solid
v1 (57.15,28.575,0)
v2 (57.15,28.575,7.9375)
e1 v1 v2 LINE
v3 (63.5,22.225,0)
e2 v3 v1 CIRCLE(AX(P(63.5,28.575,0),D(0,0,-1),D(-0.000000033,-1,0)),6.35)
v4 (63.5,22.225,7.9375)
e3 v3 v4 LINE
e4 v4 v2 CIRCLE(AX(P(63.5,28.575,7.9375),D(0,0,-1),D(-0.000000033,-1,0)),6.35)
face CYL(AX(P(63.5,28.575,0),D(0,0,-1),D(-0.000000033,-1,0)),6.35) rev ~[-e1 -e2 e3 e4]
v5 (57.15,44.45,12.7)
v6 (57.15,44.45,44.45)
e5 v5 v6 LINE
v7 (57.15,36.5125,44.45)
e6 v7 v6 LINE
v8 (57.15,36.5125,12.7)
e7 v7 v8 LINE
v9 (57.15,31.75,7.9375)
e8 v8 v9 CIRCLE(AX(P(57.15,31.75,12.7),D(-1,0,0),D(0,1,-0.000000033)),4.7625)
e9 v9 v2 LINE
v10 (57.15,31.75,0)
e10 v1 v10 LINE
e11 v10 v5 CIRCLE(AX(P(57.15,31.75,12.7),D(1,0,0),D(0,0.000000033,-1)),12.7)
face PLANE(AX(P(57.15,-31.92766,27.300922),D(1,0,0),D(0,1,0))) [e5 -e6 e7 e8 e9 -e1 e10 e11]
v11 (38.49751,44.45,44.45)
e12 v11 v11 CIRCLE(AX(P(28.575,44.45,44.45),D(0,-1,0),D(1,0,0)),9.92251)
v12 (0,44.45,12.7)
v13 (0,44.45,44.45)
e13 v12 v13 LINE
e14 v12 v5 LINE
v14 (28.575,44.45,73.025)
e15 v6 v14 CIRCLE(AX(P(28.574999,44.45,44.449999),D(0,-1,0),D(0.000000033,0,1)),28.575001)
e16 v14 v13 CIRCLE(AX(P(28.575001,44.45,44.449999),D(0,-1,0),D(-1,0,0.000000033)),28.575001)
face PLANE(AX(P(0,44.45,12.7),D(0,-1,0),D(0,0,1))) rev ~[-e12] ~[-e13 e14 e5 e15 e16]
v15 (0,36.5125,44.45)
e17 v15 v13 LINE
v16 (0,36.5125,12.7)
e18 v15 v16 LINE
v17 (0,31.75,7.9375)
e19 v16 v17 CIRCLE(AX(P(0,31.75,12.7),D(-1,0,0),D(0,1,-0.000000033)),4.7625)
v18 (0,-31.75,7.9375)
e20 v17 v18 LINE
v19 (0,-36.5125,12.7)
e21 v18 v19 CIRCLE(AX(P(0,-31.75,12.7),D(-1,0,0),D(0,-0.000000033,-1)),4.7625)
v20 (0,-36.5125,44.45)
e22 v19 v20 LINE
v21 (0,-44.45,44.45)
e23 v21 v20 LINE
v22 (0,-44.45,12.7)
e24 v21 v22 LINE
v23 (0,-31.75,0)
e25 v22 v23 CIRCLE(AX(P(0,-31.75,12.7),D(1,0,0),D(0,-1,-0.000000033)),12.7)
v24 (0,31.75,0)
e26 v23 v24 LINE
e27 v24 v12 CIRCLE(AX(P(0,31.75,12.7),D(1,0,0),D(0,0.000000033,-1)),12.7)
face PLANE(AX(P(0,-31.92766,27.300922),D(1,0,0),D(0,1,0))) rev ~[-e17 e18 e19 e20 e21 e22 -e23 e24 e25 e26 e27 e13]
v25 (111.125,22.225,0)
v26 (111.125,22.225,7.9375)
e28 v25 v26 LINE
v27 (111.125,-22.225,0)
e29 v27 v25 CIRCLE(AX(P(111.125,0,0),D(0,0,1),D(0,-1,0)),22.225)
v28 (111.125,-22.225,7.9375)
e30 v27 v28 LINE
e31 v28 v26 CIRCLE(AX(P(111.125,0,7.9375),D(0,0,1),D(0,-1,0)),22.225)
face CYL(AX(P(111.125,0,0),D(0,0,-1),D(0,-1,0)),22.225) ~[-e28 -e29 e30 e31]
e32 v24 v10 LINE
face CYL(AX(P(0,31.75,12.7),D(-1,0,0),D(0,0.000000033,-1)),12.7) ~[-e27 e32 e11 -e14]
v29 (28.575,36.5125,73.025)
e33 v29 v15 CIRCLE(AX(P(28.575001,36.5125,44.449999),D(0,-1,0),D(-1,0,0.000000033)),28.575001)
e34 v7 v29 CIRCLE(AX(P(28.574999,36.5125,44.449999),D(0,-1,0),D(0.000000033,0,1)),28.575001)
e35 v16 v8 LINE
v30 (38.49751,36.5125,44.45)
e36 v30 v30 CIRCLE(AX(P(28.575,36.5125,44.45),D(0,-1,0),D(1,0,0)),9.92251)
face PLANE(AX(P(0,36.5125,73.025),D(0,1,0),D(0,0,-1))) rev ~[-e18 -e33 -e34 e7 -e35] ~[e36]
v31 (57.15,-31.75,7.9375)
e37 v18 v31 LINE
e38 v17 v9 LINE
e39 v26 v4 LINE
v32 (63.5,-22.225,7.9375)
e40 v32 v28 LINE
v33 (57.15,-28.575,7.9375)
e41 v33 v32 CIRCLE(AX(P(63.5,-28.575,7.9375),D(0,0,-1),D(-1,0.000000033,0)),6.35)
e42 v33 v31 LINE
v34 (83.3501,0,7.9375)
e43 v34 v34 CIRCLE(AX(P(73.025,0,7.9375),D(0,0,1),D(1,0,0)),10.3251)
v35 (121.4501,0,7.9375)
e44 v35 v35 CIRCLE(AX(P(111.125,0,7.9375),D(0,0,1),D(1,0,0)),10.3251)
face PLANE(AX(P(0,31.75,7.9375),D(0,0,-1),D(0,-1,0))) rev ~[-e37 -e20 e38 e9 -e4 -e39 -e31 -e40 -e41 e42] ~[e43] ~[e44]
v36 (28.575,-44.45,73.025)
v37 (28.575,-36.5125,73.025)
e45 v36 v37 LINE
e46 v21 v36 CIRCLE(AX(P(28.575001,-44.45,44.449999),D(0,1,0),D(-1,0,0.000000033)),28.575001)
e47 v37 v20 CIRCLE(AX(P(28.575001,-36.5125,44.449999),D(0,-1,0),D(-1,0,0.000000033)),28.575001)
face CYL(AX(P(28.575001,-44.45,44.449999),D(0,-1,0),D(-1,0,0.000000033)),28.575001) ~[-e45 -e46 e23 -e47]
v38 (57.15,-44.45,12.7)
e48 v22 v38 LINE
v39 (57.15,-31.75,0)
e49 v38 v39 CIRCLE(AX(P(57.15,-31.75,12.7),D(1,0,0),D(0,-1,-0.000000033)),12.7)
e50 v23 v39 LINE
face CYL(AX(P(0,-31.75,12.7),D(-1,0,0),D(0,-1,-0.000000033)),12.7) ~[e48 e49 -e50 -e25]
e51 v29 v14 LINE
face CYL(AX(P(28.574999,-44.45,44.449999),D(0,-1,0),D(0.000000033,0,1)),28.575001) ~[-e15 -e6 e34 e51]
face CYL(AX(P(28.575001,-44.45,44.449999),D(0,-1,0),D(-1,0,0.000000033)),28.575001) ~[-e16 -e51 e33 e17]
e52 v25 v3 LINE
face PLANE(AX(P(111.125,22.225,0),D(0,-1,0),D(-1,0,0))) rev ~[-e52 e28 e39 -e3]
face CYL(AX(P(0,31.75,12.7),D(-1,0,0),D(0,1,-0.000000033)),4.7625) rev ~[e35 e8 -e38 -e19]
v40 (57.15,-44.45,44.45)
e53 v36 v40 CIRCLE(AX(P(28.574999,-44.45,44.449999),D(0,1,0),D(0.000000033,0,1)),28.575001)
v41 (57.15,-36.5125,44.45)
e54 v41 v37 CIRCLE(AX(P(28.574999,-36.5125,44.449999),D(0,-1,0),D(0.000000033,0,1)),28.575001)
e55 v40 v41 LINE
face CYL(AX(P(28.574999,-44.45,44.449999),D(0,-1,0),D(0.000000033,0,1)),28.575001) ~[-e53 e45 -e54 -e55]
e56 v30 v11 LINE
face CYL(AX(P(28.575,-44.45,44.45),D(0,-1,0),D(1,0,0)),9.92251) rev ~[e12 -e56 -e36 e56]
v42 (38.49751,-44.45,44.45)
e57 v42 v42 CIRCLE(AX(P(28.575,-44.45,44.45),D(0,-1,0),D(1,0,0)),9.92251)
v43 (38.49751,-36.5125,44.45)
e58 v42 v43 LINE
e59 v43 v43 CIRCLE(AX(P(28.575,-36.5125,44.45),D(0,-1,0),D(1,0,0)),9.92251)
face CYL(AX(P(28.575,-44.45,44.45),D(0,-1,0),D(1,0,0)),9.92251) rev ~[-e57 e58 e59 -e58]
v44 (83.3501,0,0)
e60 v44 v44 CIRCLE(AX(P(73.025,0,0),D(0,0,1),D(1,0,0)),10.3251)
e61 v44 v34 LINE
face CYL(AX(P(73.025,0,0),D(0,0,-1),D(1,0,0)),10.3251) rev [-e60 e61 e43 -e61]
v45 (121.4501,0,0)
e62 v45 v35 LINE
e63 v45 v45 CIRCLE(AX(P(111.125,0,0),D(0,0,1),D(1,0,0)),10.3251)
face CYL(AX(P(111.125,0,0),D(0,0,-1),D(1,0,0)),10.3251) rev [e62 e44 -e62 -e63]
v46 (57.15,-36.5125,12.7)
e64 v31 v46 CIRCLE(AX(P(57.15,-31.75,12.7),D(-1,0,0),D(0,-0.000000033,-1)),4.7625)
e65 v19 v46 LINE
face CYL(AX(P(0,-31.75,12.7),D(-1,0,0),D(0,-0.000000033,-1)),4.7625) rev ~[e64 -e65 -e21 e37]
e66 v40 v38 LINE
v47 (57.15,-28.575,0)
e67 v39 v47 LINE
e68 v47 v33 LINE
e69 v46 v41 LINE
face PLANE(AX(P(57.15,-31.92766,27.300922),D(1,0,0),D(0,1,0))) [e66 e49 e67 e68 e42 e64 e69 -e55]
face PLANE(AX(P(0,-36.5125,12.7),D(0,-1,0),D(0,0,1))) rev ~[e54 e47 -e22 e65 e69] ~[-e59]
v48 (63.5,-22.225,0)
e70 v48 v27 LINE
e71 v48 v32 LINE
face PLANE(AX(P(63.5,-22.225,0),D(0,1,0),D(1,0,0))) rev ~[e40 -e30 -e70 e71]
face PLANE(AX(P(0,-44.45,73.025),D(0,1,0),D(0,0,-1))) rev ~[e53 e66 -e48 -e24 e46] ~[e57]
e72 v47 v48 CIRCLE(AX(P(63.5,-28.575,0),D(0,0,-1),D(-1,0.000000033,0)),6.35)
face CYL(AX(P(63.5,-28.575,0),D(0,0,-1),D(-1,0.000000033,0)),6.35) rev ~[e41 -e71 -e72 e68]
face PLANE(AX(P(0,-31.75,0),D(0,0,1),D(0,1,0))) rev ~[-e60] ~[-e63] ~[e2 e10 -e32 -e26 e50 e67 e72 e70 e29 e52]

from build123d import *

# Parameters (mm, degrees)
F1_DEPTH = 57.15
F2_R     = 9.92251
F3_DEPTH = 88.901
F4_R     = 10.3251
F5_DEPTH = 7.9375


with BuildPart() as f1:
    # F0 (on Right) → F1 (new body)
    with BuildSketch(Plane.YZ):
        with BuildLine():
            Line((-36.5125, 73.025), (-44.45, 73.025))
            Line((-44.45, 73.025), (-44.45, 12.7))
            ThreePointArc((-44.45, 12.7), (-40.730256, 3.719744), (-31.75, 0))
            Line((-31.75, 0), (0, 0))
            Line((0, 0), (0, 7.9375))
            Line((0, 7.9375), (-31.75, 7.9375))
            ThreePointArc((-31.75, 7.9375), (-35.117596, 9.332404), (-36.5125, 12.7))
            Line((-36.5125, 12.7), (-36.5125, 73.025))
        make_face()
        with BuildLine():
            Line((0, 7.9375), (0, 0))
            Line((0, 0), (31.75, 0))
            ThreePointArc((31.75, 0), (40.730256, 3.719744), (44.45, 12.7))
            Line((44.45, 12.7), (44.45, 73.025))
            Line((44.45, 73.025), (36.5125, 73.025))
            Line((36.5125, 73.025), (36.5125, 12.7))
            ThreePointArc((36.5125, 12.7), (35.117596, 9.332404), (31.75, 7.9375))
            Line((31.75, 7.9375), (0, 7.9375))
        make_face()
    extrude(amount=F1_DEPTH)

    # F2 (on face) → F3 (cut, through all)
    with BuildSketch(Plane.XZ.offset(44.45)):
        with Locations((28.575, 44.45)):
            Circle(F2_R)
        with BuildLine():
            ThreePointArc((28.575, 73.025), (48.780576, 64.655576), (57.15, 44.45))
            Line((57.15, 44.45), (57.15, 73.025))
            Line((57.15, 73.025), (28.575, 73.025))
        make_face()
        with BuildLine():
            ThreePointArc((0, 44.45), (8.369424, 64.655576), (28.575, 73.025))
            Line((28.575, 73.025), (0, 73.025))
            Line((0, 73.025), (0, 44.45))
        make_face()
    extrude(amount=-F3_DEPTH, mode=Mode.SUBTRACT)

    # F4 (on Top) → F5 (join)
    with BuildSketch(Plane.XY):
        with BuildLine():
            ThreePointArc((63.5, 22.225), (59.009872, 24.084872), (57.15, 28.575))
            Line((57.15, 28.575), (57.15, -28.575))
            ThreePointArc((57.15, -28.575), (59.009872, -24.084872), (63.5, -22.225))
            Line((63.5, -22.225), (111.125, -22.225))
            ThreePointArc((111.125, -22.225), (133.35, 0), (111.125, 22.225))
            Line((111.125, 22.225), (63.5, 22.225))
        make_face()
        with Locations((73.025, 0)):
            Circle(F4_R, mode=Mode.SUBTRACT)
        with Locations((111.125, 0)):
            Circle(F4_R, mode=Mode.SUBTRACT)
    extrude(amount=F5_DEPTH)


solid = f1.part
